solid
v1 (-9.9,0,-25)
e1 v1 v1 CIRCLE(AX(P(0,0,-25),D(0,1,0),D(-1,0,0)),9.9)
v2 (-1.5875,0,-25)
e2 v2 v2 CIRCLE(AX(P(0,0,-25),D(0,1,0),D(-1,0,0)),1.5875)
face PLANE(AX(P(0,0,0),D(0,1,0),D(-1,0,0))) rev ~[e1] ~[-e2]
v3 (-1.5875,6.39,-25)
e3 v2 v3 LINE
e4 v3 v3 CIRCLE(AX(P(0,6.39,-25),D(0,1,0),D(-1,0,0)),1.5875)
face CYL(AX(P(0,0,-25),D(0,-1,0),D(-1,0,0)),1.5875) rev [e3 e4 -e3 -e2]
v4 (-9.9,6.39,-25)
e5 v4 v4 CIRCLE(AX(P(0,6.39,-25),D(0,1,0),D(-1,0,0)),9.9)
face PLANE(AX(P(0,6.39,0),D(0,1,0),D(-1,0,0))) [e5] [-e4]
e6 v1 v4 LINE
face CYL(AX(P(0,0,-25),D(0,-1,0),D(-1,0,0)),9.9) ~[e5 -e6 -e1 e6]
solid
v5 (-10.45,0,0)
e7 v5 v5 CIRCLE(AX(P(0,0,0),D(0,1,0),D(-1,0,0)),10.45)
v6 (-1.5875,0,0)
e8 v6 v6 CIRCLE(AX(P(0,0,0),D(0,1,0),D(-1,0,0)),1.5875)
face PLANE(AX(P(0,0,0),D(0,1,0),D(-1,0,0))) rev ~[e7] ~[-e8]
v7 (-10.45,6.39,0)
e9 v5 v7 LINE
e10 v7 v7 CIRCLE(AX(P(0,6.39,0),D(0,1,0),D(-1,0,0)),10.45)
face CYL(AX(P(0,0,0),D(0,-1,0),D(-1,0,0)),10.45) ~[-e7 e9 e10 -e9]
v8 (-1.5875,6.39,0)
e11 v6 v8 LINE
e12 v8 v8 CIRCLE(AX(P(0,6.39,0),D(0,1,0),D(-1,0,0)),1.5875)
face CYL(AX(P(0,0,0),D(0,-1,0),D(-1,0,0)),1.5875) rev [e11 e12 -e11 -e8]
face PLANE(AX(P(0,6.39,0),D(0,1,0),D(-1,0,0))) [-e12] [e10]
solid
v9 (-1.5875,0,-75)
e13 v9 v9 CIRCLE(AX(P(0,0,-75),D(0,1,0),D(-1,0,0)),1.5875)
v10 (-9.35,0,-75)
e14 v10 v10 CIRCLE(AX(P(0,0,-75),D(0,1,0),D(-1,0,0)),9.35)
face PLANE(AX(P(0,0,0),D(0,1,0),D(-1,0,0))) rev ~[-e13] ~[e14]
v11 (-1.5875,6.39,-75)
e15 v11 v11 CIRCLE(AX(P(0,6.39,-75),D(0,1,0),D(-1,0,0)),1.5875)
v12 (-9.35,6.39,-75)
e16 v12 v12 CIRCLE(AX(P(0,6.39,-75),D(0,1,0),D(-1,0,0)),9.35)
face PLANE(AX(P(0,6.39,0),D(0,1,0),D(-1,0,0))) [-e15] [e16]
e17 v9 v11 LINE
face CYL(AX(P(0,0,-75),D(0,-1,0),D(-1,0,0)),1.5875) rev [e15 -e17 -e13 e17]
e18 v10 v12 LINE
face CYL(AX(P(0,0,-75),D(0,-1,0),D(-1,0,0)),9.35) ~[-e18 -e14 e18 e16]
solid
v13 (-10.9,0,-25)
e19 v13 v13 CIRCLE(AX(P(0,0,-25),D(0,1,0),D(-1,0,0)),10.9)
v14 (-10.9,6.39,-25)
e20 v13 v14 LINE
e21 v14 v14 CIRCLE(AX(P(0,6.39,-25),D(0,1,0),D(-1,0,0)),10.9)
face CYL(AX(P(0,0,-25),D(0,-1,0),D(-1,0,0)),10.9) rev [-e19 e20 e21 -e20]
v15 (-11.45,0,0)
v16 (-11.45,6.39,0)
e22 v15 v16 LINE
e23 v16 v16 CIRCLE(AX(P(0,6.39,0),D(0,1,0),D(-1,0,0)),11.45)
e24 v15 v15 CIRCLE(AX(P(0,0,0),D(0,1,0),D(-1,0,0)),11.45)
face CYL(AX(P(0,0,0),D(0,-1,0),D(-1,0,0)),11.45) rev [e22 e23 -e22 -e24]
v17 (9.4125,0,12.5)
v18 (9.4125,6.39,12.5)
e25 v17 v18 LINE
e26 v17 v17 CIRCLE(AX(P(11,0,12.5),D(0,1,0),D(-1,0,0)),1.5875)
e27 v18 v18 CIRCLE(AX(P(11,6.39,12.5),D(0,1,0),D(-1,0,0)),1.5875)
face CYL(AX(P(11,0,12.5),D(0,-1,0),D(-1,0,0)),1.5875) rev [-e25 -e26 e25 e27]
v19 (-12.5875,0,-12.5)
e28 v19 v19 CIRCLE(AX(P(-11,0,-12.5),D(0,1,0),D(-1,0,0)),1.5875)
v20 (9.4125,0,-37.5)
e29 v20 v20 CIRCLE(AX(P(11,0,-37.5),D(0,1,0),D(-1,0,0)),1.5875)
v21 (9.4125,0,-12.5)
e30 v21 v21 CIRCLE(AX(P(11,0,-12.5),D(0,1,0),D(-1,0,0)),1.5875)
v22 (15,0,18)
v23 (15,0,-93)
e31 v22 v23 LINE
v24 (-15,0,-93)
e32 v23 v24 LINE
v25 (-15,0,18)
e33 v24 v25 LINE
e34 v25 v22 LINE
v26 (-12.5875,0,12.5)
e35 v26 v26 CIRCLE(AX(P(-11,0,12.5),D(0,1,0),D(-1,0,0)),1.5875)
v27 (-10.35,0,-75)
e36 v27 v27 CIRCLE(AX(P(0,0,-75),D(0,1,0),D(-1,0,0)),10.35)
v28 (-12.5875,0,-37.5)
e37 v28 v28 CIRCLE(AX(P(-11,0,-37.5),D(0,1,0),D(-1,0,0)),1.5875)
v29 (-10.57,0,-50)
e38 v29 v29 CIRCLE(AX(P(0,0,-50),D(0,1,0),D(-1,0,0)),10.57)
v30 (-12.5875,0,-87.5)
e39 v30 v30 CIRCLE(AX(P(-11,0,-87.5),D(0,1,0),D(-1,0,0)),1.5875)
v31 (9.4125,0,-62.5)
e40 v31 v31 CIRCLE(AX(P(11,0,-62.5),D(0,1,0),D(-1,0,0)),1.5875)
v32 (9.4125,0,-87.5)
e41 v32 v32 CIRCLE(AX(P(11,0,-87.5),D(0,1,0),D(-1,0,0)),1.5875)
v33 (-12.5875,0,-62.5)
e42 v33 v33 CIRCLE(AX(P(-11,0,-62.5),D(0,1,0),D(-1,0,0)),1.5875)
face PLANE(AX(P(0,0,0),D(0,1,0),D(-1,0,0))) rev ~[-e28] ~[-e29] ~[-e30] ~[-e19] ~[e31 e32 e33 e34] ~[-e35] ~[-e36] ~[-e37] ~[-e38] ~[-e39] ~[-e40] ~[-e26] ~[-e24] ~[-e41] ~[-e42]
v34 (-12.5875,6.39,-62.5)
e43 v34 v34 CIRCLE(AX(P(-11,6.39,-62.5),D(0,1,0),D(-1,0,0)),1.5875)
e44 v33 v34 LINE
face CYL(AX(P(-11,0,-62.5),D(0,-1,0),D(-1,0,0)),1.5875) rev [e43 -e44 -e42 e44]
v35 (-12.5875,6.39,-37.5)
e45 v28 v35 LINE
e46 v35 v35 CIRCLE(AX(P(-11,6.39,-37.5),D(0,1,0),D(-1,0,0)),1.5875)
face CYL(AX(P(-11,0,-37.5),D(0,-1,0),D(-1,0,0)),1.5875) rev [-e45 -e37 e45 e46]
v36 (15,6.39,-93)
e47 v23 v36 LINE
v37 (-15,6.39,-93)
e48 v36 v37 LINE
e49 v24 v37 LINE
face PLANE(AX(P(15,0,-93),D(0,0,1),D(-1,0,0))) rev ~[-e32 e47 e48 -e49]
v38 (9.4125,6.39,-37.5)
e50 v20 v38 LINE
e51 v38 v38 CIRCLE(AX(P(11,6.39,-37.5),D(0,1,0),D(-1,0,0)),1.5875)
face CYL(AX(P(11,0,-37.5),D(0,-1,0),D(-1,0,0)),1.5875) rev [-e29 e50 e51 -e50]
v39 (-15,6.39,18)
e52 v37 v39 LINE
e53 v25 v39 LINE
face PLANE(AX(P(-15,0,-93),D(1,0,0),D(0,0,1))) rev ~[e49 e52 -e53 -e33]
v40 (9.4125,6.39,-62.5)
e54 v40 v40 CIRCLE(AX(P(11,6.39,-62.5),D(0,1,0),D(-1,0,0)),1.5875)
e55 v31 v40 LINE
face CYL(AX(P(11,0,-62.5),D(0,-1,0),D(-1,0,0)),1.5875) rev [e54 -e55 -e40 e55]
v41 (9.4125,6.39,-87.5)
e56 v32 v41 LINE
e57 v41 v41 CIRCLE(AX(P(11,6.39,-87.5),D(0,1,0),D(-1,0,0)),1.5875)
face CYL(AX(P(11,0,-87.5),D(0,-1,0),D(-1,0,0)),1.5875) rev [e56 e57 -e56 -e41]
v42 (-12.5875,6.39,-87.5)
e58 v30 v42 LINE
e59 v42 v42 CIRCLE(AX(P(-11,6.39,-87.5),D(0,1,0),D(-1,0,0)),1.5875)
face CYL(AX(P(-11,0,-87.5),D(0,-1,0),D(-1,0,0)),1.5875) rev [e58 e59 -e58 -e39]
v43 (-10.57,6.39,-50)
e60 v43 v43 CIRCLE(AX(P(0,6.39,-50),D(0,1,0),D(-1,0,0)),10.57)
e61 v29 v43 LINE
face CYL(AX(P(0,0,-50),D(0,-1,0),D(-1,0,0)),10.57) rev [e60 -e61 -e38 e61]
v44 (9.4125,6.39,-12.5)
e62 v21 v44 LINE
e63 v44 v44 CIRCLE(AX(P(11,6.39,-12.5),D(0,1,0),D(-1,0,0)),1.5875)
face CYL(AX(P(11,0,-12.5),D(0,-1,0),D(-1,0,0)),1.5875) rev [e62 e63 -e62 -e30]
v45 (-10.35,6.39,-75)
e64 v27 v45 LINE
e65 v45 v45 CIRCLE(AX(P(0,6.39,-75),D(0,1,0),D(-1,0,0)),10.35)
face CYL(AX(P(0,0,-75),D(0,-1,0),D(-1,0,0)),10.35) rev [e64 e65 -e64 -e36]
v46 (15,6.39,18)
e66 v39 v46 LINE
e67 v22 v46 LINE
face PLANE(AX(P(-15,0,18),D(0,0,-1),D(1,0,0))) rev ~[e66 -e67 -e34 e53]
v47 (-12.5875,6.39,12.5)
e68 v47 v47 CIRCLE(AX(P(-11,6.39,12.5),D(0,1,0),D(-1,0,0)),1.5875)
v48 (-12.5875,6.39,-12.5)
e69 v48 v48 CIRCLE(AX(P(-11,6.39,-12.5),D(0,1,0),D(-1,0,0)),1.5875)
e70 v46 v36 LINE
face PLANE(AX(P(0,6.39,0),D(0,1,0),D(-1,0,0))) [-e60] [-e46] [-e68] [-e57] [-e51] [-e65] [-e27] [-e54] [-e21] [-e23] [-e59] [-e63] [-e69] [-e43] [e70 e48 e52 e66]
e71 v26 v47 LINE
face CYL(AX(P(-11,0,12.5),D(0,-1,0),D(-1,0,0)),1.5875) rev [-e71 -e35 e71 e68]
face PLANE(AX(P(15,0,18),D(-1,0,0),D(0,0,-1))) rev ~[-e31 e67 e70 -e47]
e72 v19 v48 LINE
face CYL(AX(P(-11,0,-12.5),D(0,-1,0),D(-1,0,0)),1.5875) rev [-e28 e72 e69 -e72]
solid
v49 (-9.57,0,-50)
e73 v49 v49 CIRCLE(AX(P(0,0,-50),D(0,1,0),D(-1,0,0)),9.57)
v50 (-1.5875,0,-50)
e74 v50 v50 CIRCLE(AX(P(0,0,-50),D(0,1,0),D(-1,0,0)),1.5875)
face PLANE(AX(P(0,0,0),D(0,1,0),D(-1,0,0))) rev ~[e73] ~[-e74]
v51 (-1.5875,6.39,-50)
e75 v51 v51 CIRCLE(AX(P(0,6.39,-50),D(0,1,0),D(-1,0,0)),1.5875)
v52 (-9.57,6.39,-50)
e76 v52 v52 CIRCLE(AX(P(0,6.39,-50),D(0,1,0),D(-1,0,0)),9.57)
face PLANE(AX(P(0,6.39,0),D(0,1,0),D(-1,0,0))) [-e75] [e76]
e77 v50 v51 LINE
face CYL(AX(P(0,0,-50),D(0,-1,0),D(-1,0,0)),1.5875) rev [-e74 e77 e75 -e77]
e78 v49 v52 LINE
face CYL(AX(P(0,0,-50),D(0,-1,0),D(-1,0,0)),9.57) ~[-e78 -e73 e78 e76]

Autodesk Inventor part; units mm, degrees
ref_plane "YZ Plane" through (0, 0, 0) normal (1, 0, 0) x (0, 1, 0)
ref_plane "XZ Plane" through (0, 0, 0) normal (0, 1, 0) x (-1, 0, 0)
ref_plane "XY Plane" through (0, 0, 0) normal (0, 0, 1) x (1, 0, 0)
sketch "Sketch1" plane through (0, 0, 0) normal (0, 1, 0) x (-1, 0, 0)
  circle A0 centre (0, 0) radius 10.45
  circle A1 centre (0, 0) radius 1.5875
  circle A2 centre (0, -25) radius 9.9
  circle A3 centre (0, -25) radius 1.5875
  circle A4 centre (0, -50) radius 9.57
  circle A5 centre (0, -50) radius 1.5875
  circle A6 centre (0, -75) radius 9.35
  circle A7 centre (0, -75) radius 1.5875
  line L0 (15, 18) -> (-15, 18)
  line L1 (-15, 18) -> (-15, -93)
  line L2 (-15, -93) -> (15, -93)
  line L3 (15, -93) -> (15, 18)
  circle A8 centre (0, 0) radius 11.45
  circle A9 centre (0, -25) radius 10.9
  circle A10 centre (0, -50) radius 10.57
  circle A11 centre (0, -75) radius 10.35
  circle A12 centre (11, -12.5) radius 1.5875
  line L4 (0, 0) -> (0, -25) construction
  line L5 (0, 0) -> (-15, 0) construction
  line L6 (0, -25) -> (-15, -25) construction
  line L7 (0, -50) -> (-15, -50) construction
  line L8 (0, -75) -> (-15, -75) construction
  circle A13 centre (-11, -12.5) radius 1.5875
  circle A14 centre (11, 12.5) radius 1.5875
  circle A15 centre (-11, 12.5) radius 1.5875
  circle A16 centre (11, -37.5) radius 1.5875
  circle A17 centre (-11, -37.5) radius 1.5875
  circle A18 centre (11, -62.5) radius 1.5875
  circle A19 centre (-11, -62.5) radius 1.5875
  circle A20 centre (11, -87.5) radius 1.5875
  circle A21 centre (-11, -87.5) radius 1.5875
  point P0 (0, -12.5)
  dimension "d0" = 20.9
  dimension "d1" = 3.175
  dimension "d2" = 19.8
  dimension "d3" = 3.175
  dimension "d4" = 19.14
  dimension "d5" = 3.175
  dimension "d6" = 18.7
  dimension "d7" = 3.175
  dimension "d8" = 25
  dimension "d9" = 25
  dimension "d10" = 25
  dimension "d11" = 15
  dimension "d12" = 15
  dimension "d13" = 18
  dimension "d14" = 18
  dimension "d15" = 1
  dimension "d16" = 1
  dimension "d17" = 1
  dimension "d18" = 1
  dimension "d19" = 3.175
  dimension "d20" = 4
extrude "Extrusion3" add sketch "Sketch1" along normal blind 6.39
equation "\"d25\" = WoodThickness"
equation "\"WoodThickness\" = 6.39"
properties part number "BearingSilicone_Cavity_cor"
